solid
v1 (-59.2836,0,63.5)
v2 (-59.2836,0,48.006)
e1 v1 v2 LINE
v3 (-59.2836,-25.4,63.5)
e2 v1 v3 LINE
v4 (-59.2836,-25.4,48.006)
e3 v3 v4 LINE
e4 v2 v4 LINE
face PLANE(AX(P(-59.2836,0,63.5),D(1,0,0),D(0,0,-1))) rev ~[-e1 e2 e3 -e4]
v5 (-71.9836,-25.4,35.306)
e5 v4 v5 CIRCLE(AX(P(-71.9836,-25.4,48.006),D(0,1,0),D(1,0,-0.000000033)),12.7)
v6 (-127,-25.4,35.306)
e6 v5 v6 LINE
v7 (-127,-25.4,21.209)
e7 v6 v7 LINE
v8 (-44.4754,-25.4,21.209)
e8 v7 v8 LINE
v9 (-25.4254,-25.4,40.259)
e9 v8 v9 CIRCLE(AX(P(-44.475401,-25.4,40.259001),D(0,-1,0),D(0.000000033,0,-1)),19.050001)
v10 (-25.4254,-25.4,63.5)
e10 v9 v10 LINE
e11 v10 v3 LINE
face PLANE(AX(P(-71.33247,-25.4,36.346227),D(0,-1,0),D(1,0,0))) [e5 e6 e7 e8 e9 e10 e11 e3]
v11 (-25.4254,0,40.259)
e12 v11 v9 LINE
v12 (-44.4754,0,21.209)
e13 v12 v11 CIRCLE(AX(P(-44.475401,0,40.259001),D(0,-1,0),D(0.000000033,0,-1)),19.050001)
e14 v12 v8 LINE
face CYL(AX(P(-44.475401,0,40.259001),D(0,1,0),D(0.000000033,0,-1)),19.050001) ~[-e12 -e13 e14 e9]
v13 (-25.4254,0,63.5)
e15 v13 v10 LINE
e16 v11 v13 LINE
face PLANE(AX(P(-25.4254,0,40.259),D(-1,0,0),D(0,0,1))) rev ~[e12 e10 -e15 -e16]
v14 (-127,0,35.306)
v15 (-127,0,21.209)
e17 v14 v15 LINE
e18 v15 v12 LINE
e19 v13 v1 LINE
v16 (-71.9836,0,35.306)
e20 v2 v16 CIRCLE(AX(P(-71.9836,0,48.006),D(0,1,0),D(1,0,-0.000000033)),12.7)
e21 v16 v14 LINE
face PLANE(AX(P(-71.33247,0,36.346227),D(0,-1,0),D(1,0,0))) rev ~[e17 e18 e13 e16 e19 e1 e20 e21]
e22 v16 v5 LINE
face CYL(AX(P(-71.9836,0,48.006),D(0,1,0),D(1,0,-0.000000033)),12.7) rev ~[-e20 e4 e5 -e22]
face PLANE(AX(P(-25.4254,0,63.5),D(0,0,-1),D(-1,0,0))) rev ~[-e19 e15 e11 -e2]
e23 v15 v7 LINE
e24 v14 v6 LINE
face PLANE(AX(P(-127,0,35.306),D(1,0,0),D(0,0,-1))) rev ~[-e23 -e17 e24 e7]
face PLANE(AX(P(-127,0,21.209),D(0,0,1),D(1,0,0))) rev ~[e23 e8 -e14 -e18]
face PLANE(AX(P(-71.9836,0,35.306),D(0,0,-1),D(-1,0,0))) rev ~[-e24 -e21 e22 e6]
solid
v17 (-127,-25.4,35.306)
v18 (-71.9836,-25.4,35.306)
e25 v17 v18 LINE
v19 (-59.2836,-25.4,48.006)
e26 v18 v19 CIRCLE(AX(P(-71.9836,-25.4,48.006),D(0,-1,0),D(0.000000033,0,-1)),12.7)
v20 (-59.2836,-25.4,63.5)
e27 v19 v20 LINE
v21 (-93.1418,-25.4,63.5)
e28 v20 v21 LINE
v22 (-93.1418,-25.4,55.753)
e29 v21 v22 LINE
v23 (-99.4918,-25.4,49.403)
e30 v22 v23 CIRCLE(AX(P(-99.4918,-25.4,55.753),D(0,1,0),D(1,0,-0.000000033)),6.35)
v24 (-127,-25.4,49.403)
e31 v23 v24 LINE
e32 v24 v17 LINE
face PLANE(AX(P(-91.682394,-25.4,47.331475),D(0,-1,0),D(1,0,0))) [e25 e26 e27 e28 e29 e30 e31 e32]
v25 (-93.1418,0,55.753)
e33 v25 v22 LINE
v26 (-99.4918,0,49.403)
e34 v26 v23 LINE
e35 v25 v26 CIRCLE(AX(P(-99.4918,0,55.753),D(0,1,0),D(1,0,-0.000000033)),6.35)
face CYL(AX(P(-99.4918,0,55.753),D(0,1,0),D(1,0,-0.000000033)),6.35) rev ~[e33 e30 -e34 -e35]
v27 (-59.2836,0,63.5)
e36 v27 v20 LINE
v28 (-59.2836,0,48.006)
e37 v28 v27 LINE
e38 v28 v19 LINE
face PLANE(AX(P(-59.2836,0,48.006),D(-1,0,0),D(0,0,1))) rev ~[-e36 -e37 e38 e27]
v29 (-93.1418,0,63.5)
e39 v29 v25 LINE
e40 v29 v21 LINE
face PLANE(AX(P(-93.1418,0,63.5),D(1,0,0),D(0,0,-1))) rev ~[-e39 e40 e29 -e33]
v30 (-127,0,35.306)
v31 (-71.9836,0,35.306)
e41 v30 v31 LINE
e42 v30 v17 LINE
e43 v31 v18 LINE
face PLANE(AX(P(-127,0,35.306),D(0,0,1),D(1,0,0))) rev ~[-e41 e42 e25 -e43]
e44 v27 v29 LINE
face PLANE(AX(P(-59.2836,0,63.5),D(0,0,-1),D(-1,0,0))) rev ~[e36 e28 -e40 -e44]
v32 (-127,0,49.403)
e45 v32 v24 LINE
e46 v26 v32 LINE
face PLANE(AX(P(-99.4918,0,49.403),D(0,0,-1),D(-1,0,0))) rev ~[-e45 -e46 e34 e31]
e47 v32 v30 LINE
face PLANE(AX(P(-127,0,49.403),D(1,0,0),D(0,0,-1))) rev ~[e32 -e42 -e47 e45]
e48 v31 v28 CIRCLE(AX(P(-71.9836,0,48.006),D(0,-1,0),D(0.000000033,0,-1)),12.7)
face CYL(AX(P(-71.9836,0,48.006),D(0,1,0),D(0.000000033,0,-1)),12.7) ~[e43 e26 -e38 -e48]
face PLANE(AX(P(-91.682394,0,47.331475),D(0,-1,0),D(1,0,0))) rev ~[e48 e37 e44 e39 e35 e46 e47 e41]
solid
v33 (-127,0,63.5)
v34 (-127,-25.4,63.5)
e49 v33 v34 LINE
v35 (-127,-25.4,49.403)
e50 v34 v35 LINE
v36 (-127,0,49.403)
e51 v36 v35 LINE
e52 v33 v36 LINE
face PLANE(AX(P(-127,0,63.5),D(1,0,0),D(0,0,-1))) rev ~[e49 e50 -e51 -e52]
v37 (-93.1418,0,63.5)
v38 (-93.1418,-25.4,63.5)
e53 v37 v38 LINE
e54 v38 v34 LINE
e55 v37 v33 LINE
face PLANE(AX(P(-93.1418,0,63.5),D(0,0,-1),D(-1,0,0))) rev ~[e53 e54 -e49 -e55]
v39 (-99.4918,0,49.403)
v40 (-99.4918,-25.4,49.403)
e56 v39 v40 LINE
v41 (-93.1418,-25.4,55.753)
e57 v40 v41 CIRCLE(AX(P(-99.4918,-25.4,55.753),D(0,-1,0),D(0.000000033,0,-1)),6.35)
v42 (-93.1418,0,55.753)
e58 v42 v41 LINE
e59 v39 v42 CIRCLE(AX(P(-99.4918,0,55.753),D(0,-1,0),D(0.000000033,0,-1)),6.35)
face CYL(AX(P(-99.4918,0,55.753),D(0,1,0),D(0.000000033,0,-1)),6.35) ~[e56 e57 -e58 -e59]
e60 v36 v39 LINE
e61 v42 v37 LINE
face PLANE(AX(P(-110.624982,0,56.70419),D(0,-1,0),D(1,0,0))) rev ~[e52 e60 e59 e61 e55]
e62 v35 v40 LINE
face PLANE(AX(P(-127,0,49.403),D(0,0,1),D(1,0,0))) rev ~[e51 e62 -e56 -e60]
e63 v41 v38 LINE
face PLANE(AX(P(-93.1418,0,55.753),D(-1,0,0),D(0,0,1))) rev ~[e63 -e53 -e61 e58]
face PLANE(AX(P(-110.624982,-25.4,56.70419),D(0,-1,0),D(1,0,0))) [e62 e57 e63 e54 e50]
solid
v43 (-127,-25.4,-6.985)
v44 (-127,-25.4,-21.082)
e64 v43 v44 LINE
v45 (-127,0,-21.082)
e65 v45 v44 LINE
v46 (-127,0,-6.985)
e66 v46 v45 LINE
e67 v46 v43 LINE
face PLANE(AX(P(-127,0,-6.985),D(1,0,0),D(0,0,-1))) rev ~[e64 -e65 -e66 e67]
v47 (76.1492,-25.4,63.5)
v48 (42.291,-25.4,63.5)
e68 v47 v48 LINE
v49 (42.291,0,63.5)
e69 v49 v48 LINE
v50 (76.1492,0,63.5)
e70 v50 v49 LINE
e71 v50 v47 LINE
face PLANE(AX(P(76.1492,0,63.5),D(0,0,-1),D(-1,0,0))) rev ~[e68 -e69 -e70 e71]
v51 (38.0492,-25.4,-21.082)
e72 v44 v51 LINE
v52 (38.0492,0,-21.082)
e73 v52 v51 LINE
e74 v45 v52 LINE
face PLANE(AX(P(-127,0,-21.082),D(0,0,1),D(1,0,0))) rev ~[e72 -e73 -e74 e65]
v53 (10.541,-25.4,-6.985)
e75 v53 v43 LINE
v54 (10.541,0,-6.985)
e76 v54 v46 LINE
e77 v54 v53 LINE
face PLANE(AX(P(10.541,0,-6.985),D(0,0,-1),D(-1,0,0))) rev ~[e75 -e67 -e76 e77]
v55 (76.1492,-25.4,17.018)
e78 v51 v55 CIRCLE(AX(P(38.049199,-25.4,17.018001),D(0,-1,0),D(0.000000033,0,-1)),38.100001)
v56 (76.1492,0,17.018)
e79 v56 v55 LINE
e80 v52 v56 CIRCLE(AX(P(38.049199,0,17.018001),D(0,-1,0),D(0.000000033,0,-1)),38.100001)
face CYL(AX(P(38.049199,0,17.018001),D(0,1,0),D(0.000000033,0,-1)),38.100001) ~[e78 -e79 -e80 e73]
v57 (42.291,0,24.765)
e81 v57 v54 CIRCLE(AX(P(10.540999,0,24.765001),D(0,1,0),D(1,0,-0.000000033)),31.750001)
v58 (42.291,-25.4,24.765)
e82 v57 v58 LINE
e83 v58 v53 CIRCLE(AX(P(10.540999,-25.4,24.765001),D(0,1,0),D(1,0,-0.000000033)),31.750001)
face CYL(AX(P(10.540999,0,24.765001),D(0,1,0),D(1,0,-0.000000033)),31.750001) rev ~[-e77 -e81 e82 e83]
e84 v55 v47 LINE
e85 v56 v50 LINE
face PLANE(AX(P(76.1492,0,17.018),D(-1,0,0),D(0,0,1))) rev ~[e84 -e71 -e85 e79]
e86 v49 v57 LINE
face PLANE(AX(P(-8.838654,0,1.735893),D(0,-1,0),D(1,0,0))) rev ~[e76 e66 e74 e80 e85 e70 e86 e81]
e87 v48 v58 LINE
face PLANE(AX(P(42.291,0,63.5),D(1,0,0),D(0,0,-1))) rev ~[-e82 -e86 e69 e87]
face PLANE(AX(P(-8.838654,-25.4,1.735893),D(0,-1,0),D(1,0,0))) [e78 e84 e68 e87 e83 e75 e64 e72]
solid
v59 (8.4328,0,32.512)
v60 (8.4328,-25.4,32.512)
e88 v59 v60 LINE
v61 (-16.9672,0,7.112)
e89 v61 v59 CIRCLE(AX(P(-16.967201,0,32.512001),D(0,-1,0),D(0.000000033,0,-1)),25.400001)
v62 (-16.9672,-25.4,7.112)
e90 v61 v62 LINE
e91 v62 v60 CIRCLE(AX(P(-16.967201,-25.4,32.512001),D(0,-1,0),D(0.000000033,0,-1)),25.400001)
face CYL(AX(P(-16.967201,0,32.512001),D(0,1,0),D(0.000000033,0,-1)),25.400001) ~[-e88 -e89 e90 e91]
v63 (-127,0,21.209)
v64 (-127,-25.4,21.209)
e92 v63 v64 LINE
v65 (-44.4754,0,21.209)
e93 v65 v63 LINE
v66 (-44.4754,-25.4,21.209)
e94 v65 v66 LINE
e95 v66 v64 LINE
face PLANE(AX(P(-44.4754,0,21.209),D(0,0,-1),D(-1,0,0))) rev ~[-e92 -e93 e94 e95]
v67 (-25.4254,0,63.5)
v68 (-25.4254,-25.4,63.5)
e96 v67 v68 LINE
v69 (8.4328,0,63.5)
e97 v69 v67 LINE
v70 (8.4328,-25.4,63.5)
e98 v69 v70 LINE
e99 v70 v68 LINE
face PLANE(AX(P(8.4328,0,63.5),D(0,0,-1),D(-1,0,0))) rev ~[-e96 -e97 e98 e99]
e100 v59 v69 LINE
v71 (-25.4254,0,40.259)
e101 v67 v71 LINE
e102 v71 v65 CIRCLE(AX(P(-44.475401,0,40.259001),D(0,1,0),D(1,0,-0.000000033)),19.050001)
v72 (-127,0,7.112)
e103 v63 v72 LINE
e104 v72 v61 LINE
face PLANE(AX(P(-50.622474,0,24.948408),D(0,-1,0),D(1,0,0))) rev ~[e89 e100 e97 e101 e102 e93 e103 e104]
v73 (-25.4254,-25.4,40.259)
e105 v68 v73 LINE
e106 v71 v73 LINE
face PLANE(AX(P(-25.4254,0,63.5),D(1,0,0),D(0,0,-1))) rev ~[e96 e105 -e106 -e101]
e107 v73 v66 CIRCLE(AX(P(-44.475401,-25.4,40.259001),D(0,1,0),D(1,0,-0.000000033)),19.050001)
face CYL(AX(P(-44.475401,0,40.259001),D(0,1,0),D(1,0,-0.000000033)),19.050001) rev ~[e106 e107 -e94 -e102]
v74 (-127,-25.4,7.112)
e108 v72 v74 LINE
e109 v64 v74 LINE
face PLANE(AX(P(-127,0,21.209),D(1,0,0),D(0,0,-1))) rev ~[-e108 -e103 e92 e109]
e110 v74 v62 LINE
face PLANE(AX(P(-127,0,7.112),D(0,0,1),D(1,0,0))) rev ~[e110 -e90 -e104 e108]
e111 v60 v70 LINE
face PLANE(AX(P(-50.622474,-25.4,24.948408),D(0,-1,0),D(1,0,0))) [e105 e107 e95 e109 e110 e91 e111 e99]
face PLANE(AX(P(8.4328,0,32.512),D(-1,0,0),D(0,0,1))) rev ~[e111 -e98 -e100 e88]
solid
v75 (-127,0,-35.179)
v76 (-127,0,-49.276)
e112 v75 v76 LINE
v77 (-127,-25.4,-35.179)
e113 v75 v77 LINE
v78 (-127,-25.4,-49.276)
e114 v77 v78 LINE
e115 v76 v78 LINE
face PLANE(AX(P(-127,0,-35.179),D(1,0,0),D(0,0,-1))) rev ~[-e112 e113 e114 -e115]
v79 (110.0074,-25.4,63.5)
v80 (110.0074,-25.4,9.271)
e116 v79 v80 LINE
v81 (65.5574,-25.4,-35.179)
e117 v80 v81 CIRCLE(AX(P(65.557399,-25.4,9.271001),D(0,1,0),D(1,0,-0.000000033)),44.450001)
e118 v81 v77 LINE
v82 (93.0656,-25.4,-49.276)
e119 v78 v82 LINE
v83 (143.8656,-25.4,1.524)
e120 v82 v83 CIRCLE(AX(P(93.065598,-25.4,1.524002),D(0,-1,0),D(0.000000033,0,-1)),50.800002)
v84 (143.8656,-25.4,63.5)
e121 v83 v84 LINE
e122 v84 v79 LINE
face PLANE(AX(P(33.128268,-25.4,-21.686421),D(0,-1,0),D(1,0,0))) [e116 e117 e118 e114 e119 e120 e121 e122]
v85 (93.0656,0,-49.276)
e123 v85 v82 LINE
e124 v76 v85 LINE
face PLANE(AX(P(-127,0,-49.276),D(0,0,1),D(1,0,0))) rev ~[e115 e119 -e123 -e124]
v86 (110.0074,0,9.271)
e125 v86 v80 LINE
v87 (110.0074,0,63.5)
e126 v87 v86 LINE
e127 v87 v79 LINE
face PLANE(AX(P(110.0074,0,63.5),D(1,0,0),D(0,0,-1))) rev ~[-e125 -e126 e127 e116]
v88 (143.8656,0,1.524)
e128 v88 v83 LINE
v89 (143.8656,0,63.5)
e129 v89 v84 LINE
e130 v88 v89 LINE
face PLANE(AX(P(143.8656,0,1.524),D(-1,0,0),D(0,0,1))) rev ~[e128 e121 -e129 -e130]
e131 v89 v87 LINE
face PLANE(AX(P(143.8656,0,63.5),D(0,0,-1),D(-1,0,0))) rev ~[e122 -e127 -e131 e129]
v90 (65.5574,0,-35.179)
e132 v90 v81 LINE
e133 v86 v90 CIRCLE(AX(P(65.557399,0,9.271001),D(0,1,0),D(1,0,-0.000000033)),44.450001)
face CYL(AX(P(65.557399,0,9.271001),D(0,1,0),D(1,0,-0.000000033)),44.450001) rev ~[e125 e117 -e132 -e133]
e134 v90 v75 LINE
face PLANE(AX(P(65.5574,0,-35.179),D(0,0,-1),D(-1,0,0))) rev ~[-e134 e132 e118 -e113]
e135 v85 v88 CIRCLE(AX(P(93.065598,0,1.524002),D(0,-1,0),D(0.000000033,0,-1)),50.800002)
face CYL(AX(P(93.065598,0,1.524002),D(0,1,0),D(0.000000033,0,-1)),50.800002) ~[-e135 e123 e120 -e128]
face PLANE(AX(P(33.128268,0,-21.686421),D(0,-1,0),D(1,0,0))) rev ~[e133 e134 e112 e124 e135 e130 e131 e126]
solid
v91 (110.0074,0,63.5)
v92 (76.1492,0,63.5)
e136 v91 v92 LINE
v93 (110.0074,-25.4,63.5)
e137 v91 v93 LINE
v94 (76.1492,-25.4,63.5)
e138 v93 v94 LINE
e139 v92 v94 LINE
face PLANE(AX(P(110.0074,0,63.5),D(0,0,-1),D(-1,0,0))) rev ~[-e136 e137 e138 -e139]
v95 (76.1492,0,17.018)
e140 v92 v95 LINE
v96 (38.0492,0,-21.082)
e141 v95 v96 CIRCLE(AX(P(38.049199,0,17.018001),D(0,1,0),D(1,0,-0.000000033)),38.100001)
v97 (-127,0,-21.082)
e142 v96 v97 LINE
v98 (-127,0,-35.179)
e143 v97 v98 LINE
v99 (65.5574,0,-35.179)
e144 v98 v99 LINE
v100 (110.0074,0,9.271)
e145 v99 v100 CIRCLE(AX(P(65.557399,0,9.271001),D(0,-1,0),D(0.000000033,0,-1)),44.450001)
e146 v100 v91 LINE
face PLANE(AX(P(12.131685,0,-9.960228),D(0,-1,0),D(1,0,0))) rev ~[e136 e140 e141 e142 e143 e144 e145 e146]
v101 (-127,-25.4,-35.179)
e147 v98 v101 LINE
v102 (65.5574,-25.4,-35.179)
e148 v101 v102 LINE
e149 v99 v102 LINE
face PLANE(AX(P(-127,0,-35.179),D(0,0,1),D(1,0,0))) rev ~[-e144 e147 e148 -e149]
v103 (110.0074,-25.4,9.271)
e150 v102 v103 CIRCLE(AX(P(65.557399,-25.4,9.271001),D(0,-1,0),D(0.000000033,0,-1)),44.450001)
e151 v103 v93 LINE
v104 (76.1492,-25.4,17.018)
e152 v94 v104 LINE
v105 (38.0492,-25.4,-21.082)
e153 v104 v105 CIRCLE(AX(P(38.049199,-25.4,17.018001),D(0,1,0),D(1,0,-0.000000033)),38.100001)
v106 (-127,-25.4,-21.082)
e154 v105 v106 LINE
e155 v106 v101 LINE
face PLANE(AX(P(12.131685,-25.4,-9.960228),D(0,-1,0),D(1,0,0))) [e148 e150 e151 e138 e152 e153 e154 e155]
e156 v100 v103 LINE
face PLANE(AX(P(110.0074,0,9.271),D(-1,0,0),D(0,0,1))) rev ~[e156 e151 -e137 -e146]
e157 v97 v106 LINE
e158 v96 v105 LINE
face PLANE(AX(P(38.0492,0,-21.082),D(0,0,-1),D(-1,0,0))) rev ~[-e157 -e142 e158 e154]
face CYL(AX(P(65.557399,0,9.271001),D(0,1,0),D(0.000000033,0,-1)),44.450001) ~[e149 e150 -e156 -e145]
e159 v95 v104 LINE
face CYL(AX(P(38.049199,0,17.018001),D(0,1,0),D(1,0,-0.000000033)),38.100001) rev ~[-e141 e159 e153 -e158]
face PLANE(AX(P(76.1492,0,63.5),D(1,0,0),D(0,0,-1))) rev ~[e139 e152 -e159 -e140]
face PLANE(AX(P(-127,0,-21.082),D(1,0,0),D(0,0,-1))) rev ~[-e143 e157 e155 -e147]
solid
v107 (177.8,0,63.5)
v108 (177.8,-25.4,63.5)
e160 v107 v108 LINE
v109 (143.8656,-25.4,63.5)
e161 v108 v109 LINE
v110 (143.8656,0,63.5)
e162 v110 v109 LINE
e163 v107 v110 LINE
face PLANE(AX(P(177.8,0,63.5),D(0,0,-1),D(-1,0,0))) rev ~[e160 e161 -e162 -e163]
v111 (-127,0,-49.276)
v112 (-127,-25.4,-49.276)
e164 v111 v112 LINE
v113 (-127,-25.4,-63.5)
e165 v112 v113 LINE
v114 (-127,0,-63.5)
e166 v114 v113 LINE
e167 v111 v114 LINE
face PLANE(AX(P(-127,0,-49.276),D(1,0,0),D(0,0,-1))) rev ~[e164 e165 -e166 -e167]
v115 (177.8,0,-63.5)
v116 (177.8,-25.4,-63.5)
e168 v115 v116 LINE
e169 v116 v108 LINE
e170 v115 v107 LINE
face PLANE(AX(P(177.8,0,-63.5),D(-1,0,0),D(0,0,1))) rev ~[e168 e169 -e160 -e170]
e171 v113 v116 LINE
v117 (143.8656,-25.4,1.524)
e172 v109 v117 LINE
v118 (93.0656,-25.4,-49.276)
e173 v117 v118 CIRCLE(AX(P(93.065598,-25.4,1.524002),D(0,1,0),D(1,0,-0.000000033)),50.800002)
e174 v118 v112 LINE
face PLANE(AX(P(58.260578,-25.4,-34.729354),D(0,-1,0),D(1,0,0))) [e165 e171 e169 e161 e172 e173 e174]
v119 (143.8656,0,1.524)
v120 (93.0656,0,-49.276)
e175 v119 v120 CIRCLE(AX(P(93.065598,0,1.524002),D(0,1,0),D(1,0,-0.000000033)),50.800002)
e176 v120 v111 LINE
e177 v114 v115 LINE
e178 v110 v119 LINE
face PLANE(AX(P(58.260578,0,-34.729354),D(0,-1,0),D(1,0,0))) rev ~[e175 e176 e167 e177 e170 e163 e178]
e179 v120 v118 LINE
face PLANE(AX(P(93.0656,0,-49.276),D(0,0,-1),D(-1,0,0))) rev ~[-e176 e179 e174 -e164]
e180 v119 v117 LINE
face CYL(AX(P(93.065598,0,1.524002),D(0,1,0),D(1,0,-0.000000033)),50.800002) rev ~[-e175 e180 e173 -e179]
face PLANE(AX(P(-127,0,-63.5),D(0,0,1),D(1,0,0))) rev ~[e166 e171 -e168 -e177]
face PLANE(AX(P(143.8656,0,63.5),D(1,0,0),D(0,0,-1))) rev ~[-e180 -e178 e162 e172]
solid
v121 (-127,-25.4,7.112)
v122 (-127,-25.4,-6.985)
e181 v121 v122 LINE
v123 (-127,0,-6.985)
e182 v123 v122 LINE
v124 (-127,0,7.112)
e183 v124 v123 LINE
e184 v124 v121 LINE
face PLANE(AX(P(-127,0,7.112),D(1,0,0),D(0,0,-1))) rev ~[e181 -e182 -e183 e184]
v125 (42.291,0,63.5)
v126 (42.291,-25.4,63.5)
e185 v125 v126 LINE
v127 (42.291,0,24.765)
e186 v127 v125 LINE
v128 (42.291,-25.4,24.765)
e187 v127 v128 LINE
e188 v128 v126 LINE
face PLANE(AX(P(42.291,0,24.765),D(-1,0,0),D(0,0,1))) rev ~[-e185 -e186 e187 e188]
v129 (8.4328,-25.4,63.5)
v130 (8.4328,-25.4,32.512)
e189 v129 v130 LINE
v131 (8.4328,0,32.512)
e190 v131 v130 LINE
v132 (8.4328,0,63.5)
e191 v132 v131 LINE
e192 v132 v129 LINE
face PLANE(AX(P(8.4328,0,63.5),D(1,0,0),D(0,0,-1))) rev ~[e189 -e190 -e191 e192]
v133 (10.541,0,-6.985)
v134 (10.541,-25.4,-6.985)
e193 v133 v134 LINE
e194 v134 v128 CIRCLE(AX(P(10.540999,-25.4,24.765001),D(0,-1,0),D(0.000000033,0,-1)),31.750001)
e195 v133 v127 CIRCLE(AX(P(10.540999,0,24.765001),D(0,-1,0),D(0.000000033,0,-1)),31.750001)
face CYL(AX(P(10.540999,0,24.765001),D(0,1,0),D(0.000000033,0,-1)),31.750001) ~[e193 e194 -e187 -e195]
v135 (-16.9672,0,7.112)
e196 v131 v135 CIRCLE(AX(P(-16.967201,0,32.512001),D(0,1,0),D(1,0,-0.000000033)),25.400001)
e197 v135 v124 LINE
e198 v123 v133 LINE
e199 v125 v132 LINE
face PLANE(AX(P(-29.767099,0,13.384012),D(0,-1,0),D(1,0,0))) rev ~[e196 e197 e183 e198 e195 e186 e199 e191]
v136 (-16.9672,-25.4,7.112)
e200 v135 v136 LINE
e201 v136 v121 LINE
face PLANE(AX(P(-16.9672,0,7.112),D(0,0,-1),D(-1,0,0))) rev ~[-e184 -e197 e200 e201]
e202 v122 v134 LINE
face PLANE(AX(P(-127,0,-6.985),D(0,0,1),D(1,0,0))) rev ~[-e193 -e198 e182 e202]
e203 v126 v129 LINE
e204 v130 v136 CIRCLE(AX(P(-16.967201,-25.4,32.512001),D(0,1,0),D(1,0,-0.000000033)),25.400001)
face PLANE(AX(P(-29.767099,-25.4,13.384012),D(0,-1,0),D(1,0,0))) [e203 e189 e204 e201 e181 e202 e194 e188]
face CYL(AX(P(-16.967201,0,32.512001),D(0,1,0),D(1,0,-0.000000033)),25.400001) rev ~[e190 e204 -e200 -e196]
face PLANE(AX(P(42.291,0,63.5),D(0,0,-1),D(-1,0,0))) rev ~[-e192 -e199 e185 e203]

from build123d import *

# Parameters (mm, degrees)
F1_DEPTH = 25.4
F2_DEPTH = 25.4


with BuildPart() as f1:
    # F0 (on Front) → F1 (new body)
    with BuildSketch(Plane.XZ):
        with BuildLine():
            Line((-93.1418, 55.753), (-93.1418, 63.5))
            Line((-93.1418, 63.5), (-127, 63.5))
            Line((-127, 63.5), (-127, 49.403))
            Line((-127, 49.403), (-99.4918, 49.403))
            ThreePointArc((-99.4918, 49.403), (-95.001672, 51.262872), (-93.1418, 55.753))
        make_face()
        with BuildLine():
            Line((-25.4254, 40.259), (-25.4254, 63.5))
            Line((-25.4254, 63.5), (-59.2836, 63.5))
            Line((-59.2836, 63.5), (-59.2836, 48.006))
            ThreePointArc((-59.2836, 48.006), (-63.003344, 39.025744), (-71.9836, 35.306))
            Line((-71.9836, 35.306), (-127, 35.306))
            Line((-127, 35.306), (-127, 21.209))
            Line((-127, 21.209), (-44.4754, 21.209))
            ThreePointArc((-44.4754, 21.209), (-31.005016, 26.788616), (-25.4254, 40.259))
        make_face()
        with BuildLine():
            Line((42.291, 24.765), (42.291, 63.5))
            Line((42.291, 63.5), (8.4328, 63.5))
            Line((8.4328, 63.5), (8.4328, 32.512))
            ThreePointArc((8.4328, 32.512), (0.993312, 14.551488), (-16.9672, 7.112))
            Line((-16.9672, 7.112), (-127, 7.112))
            Line((-127, 7.112), (-127, -6.985))
            Line((-127, -6.985), (10.541, -6.985))
            ThreePointArc((10.541, -6.985), (32.99164, 2.31436), (42.291, 24.765))
        make_face()
        with BuildLine():
            Line((110.0074, 9.271), (110.0074, 63.5))
            Line((110.0074, 63.5), (76.1492, 63.5))
            Line((76.1492, 63.5), (76.1492, 17.018))
            ThreePointArc((76.1492, 17.018), (64.989968, -9.922768), (38.0492, -21.082))
            Line((38.0492, -21.082), (-127, -21.082))
            Line((-127, -21.082), (-127, -35.179))
            Line((-127, -35.179), (65.5574, -35.179))
            ThreePointArc((65.5574, -35.179), (96.988296, -22.159896), (110.0074, 9.271))
        make_face()
        with BuildLine():
            Line((177.8, -63.5), (177.8, 63.5))
            Line((177.8, 63.5), (143.8656, 63.5))
            Line((143.8656, 63.5), (143.8656, 1.524))
            ThreePointArc((143.8656, 1.524), (128.986624, -34.397024), (93.0656, -49.276))
            Line((93.0656, -49.276), (-127, -49.276))
            Line((-127, -49.276), (-127, -63.5))
            Line((-127, -63.5), (177.8, -63.5))
        make_face()
    extrude(amount=F1_DEPTH)


with BuildPart() as f2:
    # F0 (on Front) → F2 (new body)
    with BuildSketch(Plane.XZ):
        with BuildLine():
            Line((143.8656, 1.524), (143.8656, 63.5))
            Line((143.8656, 63.5), (110.0074, 63.5))
            Line((110.0074, 63.5), (110.0074, 9.271))
            ThreePointArc((110.0074, 9.271), (96.988296, -22.159896), (65.5574, -35.179))
            Line((65.5574, -35.179), (-127, -35.179))
            Line((-127, -35.179), (-127, -49.276))
            Line((-127, -49.276), (93.0656, -49.276))
            ThreePointArc((93.0656, -49.276), (128.986624, -34.397024), (143.8656, 1.524))
        make_face()
        with BuildLine():
            Line((76.1492, 17.018), (76.1492, 63.5))
            Line((76.1492, 63.5), (42.291, 63.5))
            Line((42.291, 63.5), (42.291, 24.765))
            ThreePointArc((42.291, 24.765), (32.99164, 2.31436), (10.541, -6.985))
            Line((10.541, -6.985), (-127, -6.985))
            Line((-127, -6.985), (-127, -21.082))
            Line((-127, -21.082), (38.0492, -21.082))
            ThreePointArc((38.0492, -21.082), (64.989968, -9.922768), (76.1492, 17.018))
        make_face()
        with BuildLine():
            Line((8.4328, 32.512), (8.4328, 63.5))
            Line((8.4328, 63.5), (-25.4254, 63.5))
            Line((-25.4254, 63.5), (-25.4254, 40.259))
            ThreePointArc((-25.4254, 40.259), (-31.005016, 26.788616), (-44.4754, 21.209))
            Line((-44.4754, 21.209), (-127, 21.209))
            Line((-127, 21.209), (-127, 7.112))
            Line((-127, 7.112), (-16.9672, 7.112))
            ThreePointArc((-16.9672, 7.112), (0.993312, 14.551488), (8.4328, 32.512))
        make_face()
        with BuildLine():
            Line((-59.2836, 48.006), (-59.2836, 63.5))
            Line((-59.2836, 63.5), (-93.1418, 63.5))
            Line((-93.1418, 63.5), (-93.1418, 55.753))
            ThreePointArc((-93.1418, 55.753), (-95.001672, 51.262872), (-99.4918, 49.403))
            Line((-99.4918, 49.403), (-127, 49.403))
            Line((-127, 49.403), (-127, 35.306))
            Line((-127, 35.306), (-71.9836, 35.306))
            ThreePointArc((-71.9836, 35.306), (-63.003344, 39.025744), (-59.2836, 48.006))
        make_face()
    extrude(amount=F2_DEPTH)


solid = Compound([f1.part, f2.part])
